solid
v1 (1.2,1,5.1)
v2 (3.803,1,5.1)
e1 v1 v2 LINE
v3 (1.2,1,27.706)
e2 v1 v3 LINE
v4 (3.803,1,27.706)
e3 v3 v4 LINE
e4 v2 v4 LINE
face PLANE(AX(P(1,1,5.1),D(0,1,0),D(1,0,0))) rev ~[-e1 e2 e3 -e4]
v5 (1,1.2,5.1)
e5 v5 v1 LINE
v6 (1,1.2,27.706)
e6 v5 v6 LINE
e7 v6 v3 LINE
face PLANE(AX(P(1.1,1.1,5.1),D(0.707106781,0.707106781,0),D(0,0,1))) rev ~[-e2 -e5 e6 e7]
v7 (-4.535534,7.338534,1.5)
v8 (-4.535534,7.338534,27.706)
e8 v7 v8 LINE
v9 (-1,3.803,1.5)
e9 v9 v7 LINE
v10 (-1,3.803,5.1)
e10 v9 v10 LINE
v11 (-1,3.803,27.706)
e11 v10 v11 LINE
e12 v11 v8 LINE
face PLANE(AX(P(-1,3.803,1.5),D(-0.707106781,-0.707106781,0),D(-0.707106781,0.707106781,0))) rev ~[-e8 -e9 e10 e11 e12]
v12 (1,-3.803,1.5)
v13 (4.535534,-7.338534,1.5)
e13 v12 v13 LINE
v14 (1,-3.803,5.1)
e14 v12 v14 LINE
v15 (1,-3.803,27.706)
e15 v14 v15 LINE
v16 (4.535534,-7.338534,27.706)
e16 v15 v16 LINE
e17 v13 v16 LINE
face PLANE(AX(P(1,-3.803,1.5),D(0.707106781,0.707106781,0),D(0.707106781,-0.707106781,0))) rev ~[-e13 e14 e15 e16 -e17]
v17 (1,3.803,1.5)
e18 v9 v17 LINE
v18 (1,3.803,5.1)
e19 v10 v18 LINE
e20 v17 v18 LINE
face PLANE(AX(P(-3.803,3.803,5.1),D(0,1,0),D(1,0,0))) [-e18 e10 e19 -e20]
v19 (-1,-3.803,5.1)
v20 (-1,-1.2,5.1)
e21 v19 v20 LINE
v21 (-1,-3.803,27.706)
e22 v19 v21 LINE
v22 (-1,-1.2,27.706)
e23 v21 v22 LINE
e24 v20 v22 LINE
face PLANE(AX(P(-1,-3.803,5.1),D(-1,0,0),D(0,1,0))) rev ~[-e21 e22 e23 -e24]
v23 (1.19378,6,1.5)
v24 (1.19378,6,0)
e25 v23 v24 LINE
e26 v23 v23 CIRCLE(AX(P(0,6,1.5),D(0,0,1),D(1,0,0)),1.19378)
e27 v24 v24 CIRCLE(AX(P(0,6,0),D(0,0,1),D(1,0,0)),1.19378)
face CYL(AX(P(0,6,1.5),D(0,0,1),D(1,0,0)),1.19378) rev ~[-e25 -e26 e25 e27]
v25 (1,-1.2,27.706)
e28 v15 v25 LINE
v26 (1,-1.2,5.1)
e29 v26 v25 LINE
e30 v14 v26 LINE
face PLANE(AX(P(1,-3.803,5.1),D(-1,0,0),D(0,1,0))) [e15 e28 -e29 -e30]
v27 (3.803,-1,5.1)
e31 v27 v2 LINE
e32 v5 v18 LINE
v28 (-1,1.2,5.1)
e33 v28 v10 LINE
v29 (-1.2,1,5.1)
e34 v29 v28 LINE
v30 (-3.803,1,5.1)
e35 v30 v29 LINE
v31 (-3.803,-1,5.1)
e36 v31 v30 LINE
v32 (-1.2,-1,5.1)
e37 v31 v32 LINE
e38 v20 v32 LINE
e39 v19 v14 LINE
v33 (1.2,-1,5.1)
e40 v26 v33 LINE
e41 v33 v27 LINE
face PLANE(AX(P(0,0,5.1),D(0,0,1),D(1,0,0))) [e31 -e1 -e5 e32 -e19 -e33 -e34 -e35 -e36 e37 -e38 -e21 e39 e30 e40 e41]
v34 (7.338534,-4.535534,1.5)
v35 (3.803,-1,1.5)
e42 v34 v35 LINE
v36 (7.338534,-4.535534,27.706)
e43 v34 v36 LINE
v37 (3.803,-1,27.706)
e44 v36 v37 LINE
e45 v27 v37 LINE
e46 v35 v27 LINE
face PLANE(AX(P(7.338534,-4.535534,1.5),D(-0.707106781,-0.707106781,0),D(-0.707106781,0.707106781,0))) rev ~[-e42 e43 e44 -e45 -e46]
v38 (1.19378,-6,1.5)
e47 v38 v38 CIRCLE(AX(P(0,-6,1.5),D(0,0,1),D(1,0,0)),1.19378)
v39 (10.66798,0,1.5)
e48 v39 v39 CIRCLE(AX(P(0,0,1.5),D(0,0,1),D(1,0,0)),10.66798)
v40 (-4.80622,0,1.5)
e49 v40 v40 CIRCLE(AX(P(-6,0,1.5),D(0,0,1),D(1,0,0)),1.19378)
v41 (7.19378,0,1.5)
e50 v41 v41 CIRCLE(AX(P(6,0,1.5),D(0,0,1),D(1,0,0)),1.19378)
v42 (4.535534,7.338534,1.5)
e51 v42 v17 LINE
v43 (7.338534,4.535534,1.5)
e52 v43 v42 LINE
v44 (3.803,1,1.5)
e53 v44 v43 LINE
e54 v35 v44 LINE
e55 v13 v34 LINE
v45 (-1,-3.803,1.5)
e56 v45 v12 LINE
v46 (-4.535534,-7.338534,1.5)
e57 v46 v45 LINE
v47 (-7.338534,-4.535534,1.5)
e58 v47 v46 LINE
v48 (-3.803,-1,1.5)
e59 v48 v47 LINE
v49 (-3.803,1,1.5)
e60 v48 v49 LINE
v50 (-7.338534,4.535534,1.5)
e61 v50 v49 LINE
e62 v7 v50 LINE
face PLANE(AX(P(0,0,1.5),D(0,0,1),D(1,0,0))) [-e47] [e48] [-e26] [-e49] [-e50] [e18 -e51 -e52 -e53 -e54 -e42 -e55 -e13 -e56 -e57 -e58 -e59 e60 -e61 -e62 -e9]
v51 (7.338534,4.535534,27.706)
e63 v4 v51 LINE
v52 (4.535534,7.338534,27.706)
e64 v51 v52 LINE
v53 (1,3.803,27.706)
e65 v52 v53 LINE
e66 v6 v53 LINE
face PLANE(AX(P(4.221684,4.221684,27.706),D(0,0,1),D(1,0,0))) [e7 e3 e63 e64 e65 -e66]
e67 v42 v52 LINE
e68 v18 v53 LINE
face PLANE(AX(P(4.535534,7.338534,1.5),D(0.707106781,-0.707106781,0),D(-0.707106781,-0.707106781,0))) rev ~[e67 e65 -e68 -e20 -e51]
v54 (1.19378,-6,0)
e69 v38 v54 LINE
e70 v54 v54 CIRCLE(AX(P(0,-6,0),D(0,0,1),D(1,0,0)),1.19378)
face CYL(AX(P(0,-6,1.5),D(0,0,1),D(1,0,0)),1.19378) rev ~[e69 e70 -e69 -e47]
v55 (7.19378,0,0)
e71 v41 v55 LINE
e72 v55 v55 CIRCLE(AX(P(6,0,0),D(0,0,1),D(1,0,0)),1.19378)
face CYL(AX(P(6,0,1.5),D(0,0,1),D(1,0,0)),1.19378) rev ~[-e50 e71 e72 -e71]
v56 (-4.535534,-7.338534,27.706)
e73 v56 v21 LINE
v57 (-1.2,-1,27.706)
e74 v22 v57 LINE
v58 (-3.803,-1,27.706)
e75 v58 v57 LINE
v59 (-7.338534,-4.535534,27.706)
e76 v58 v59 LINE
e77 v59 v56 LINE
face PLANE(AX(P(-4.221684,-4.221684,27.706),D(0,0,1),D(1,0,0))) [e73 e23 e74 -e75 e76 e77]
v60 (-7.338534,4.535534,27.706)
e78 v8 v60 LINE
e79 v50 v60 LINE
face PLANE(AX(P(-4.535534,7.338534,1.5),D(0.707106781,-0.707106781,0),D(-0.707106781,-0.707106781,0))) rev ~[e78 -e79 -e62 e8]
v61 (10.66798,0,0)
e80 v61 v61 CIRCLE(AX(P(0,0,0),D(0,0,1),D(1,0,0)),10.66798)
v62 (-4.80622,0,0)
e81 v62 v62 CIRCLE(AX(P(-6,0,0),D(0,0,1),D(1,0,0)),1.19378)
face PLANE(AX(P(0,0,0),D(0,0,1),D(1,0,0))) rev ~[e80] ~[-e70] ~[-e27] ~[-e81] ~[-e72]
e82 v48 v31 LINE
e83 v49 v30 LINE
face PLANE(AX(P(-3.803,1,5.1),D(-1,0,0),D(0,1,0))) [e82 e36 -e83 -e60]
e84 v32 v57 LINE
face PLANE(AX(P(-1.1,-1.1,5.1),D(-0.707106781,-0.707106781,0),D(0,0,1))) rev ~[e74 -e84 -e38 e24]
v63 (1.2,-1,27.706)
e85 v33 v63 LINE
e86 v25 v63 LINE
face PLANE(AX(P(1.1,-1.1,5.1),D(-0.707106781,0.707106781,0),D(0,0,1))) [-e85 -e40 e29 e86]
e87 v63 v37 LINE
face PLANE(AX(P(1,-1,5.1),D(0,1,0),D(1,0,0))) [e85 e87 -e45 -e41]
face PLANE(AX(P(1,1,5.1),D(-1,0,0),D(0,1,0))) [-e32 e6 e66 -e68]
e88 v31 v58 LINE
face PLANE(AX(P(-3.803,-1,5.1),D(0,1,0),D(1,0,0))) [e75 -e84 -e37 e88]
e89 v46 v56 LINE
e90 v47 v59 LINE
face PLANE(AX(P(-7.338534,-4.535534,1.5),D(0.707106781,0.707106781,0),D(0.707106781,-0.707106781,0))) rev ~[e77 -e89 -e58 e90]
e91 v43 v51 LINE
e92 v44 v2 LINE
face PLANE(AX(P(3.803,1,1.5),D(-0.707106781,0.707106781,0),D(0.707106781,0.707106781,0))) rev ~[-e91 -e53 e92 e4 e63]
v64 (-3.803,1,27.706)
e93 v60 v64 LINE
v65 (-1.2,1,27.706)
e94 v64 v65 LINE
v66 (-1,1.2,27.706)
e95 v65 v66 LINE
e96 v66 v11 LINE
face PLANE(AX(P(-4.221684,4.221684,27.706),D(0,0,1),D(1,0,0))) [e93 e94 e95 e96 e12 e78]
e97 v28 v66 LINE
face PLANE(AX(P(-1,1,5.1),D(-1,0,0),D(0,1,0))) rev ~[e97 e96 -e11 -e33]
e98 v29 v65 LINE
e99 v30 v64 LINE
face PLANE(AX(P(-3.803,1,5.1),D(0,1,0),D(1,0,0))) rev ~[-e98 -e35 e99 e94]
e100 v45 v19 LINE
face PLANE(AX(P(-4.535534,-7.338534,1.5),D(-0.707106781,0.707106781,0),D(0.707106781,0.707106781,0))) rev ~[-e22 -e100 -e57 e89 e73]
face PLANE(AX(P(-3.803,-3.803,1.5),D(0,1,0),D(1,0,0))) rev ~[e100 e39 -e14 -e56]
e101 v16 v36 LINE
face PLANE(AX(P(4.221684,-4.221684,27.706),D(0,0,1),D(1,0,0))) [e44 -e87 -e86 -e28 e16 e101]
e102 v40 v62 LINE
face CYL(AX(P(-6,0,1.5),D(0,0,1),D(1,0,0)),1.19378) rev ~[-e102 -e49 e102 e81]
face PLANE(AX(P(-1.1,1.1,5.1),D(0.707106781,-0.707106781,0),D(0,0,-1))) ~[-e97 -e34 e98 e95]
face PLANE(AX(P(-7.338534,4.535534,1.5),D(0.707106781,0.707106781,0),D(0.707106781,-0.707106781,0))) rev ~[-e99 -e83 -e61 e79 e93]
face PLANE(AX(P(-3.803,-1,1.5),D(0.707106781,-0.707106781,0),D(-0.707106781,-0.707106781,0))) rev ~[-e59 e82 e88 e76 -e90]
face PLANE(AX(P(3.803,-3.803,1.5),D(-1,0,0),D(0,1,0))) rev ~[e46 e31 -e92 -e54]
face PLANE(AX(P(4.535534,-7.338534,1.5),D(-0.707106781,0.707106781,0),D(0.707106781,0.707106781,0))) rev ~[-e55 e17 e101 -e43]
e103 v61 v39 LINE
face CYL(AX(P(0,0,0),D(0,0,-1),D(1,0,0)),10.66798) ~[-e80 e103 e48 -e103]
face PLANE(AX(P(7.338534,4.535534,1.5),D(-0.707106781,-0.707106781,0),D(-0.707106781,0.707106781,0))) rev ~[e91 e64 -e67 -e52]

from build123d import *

# Parameters (mm, degrees)
F0_R     = 10.66798
F1_DEPTH = 1.5
F2_R     = 1.19378
F3_DEPTH = 1.501
F4_W     = 7.606
F4_H     = 7.606
F5_DEPTH = 3.6
F6_W     = 2.803
F6_H     = 2.803
F7_DEPTH = 22.606
F9_DEPTH = 26.206
F10_SIZE = 0.2


with BuildPart() as f1:
    # F0 (on Top) → F1 (new body)
    with BuildSketch(Plane.XY):
        Circle(F0_R)
    extrude(amount=F1_DEPTH)

    # F2 (on face) → F3 (cut, through all)
    with BuildSketch(Plane.XY.offset(1.5)):
        with Locations((-6, 0)):
            Circle(F2_R)
        with Locations((0, 6)):
            Circle(F2_R)
        with Locations((6, 0)):
            Circle(F2_R)
        with Locations((0, -6)):
            Circle(F2_R)
    extrude(amount=-F3_DEPTH, mode=Mode.SUBTRACT)

    # F4 (on face) → F5 (join)
    with BuildSketch(Plane.XY.offset(1.5)):
        Rectangle(F4_W, F4_H)
    extrude(amount=F5_DEPTH)

    # F6 (on face) → F7 (join)
    with BuildSketch(Plane.XY.offset(5.1)):
        with Locations((-2.4015, 2.4015)):
            Rectangle(F6_W, F6_H)
        with Locations((-2.4015, -2.4015)):
            Rectangle(F6_W, F6_H)
        with Locations((2.4015, -2.4015)):
            Rectangle(F6_W, F6_H)
        with Locations((2.4015, 2.4015)):
            Rectangle(F6_W, F6_H)
    extrude(amount=F7_DEPTH)

    # F8 (on face) → F9 (join, through all)
    with BuildSketch(Plane.XY.offset(1.5)):
        Polygon((3.803, -3.803), (1, -3.803), (4.535534, -7.338534), (7.338534, -4.535534), (3.803, -1), align=None)
        Polygon((7.338534, 4.535534), (4.535534, 7.338534), (1, 3.803), (3.803, 3.803), (3.803, 1), align=None)
        Polygon((-4.535534, 7.338534), (-7.338534, 4.535534), (-3.803, 1), (-3.803, 3.803), (-1, 3.803), align=None)
        Polygon((-7.338534, -4.535534), (-4.535534, -7.338534), (-1, -3.803), (-3.803, -3.803), (-3.803, -1), align=None)
    extrude(amount=F9_DEPTH)

    # F10
    f10_edges = [f1.edges().sort_by_distance(p)[0] for p in [
        (-1, 1, 16.403),
        (1, 1, 16.403),
        (1, -1, 16.403),
        (-1, -1, 16.403),
    ]]
    chamfer(f10_edges, length=F10_SIZE)


solid = f1.part
